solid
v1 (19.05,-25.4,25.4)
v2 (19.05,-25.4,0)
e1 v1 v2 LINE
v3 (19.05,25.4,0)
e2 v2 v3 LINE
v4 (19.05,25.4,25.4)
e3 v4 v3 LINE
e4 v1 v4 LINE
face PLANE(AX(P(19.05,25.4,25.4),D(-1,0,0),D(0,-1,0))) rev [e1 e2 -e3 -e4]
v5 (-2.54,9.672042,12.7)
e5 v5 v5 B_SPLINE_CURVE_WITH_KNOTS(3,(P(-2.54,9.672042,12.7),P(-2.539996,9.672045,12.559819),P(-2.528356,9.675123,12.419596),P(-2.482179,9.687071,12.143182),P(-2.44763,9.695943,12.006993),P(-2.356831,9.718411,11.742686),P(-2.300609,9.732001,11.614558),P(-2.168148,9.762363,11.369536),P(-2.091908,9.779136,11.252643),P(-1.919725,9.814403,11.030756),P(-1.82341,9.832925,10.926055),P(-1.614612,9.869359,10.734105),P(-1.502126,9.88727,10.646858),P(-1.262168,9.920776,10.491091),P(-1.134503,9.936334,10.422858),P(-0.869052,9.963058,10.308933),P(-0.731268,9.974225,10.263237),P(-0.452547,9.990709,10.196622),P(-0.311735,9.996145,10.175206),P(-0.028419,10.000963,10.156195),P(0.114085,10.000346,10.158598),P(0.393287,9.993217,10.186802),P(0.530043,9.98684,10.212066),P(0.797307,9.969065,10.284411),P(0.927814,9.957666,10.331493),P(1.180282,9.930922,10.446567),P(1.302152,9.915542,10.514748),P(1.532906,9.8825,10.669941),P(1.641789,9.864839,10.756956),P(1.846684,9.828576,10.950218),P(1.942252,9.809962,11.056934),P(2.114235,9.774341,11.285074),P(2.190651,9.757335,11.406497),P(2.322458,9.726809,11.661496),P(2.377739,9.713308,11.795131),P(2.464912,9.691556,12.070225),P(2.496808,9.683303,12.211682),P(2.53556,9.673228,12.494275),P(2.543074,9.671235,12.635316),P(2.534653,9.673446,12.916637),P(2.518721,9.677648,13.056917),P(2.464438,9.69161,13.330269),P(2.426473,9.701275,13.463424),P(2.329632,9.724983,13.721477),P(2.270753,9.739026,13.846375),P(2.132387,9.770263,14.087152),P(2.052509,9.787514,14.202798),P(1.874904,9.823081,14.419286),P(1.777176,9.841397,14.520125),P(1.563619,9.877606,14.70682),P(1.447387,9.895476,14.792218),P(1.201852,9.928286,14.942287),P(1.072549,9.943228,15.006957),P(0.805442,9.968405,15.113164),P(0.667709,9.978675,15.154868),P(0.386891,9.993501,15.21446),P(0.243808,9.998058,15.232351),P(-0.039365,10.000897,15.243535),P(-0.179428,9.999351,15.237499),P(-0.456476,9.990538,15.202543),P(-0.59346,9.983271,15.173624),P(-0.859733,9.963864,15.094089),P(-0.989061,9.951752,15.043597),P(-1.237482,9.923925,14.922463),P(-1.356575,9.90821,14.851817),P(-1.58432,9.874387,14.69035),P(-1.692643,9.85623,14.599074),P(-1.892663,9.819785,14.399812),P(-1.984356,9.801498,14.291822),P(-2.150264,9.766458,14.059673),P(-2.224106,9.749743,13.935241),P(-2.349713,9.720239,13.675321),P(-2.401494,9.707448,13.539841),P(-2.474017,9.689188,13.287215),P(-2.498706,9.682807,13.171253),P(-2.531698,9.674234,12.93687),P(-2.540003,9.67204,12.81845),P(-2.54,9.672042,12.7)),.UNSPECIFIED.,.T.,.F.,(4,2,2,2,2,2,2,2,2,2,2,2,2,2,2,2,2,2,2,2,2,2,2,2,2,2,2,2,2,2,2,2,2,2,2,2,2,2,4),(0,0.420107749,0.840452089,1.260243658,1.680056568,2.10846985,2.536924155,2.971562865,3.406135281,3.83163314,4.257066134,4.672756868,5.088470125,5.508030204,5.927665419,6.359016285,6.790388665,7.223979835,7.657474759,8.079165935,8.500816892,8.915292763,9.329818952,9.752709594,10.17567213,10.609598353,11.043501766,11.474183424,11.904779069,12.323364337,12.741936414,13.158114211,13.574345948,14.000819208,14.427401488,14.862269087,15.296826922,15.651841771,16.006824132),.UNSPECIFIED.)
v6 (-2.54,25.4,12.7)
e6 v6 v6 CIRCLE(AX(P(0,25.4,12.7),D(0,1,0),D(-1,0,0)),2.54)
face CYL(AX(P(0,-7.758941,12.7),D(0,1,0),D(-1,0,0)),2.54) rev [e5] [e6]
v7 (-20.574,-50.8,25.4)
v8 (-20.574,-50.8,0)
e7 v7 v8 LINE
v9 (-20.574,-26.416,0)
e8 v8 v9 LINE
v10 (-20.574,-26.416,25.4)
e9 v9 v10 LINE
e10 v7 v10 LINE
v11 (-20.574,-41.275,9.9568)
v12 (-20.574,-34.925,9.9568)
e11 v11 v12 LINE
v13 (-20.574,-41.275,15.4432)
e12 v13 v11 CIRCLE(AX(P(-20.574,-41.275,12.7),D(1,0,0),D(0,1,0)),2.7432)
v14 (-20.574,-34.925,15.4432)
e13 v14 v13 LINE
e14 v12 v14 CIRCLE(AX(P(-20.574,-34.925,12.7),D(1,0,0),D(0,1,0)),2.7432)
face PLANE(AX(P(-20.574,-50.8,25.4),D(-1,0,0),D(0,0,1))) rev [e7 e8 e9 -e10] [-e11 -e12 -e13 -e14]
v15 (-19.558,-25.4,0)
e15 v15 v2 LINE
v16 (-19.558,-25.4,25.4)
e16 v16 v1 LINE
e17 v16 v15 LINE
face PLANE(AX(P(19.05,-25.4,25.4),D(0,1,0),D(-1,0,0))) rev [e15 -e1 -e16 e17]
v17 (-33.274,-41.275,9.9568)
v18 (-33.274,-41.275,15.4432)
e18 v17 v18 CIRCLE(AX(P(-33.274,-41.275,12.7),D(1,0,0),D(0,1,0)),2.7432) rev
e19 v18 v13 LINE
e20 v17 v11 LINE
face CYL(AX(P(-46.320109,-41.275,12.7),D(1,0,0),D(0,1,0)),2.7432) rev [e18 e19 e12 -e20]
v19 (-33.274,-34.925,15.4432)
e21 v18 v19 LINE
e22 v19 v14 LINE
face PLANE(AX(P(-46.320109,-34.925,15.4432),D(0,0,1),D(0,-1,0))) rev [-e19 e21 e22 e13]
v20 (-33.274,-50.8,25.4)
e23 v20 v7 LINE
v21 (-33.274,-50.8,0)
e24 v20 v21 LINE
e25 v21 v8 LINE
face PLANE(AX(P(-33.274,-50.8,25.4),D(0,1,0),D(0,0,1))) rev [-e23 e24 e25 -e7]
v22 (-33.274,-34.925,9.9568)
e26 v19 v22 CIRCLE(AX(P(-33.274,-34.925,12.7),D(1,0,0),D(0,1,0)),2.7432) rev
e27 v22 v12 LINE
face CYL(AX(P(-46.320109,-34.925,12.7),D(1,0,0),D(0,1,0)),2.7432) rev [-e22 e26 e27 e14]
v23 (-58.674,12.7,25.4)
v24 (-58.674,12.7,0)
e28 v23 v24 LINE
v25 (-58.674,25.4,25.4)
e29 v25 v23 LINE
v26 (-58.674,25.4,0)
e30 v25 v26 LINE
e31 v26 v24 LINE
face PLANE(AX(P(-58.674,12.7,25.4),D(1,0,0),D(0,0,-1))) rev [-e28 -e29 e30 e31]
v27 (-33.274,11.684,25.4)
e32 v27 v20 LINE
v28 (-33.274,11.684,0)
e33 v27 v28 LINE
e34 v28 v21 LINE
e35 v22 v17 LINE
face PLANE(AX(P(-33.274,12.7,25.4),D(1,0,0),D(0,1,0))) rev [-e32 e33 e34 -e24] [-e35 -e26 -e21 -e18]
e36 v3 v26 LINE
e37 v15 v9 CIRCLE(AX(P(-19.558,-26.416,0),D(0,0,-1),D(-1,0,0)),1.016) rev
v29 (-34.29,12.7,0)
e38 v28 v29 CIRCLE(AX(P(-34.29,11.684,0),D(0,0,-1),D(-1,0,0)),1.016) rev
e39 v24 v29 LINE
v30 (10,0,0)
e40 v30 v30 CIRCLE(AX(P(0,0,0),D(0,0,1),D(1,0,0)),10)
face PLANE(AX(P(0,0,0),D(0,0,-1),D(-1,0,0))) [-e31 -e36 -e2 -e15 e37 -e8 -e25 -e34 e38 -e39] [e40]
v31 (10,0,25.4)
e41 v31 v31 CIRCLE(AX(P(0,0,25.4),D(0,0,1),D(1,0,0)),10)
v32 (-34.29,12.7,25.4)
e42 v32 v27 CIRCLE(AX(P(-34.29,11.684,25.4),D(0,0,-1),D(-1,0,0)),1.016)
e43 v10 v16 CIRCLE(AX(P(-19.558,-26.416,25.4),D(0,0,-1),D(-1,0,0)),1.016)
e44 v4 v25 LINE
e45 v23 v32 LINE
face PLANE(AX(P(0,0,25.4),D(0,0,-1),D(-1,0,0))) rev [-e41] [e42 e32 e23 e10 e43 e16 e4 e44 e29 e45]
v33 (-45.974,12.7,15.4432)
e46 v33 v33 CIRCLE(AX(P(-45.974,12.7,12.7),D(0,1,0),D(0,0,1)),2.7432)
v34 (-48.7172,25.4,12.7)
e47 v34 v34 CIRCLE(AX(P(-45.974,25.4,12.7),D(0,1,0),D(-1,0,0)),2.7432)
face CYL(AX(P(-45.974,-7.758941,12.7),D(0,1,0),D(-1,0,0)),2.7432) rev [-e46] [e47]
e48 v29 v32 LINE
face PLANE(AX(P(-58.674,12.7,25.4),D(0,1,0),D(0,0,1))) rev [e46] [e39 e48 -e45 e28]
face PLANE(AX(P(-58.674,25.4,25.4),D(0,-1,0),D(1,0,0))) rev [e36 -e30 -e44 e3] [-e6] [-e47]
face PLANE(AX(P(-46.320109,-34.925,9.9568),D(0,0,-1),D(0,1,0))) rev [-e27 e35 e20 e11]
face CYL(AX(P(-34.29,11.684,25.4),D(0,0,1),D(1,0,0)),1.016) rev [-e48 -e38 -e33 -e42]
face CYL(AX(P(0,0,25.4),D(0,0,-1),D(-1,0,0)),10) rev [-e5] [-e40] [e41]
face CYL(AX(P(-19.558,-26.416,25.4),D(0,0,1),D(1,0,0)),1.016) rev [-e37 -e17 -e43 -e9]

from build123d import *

# Parameters (mm, degrees)
SKETCH1_R           = 10
BOSS_EXTRUDE1_DEPTH = 25.4
CUT_EXTRUDE1_REACH  = 101.47
SKETCH2_R           = 2.7432
SKETCH2_R_2         = 2.54
CUT_EXTRUDE2_DEPTH  = 12.7
FILLET1_R           = 1.016


with BuildPart() as part:
    # Sketch1 → Boss-Extrude1 (new body)
    with BuildSketch(Plane.XY):
        Polygon((-58.674, 12.7), (-33.274, 12.7), (-33.274, -50.8), (-20.574, -50.8), (-20.574, -25.4), (19.05, -25.4), (19.05, 25.4), (-58.674, 25.4), align=None)
        Circle(SKETCH1_R, mode=Mode.SUBTRACT)
    extrude(amount=BOSS_EXTRUDE1_DEPTH)

    # Sketch2 → Cut-Extrude1 (cut, up to next)
    with BuildSketch(Plane(origin=(0, 25.4, 0), x_dir=(1, 0, 0), z_dir=(0, 1, 0)), mode=Mode.PRIVATE) as cut_extrude1_sk1:
        with Locations(Location((-45.974, -12.7, 0), (0, 0, 180))):
            Circle(SKETCH2_R)
    cut_extrude1_tool1 = extrude(cut_extrude1_sk1.sketch, amount=-CUT_EXTRUDE1_REACH, mode=Mode.PRIVATE) & part.part
    # Sketch2 → Cut-Extrude1 (cut, up to next)
    with BuildSketch(Plane(origin=(0, 25.4, 0), x_dir=(1, 0, 0), z_dir=(0, 1, 0)), mode=Mode.PRIVATE) as cut_extrude1_sk2:
        with Locations(Location((0, -12.7, 0), (0, 0, 180))):
            Circle(SKETCH2_R_2)
    cut_extrude1_tool2 = extrude(cut_extrude1_sk2.sketch, amount=-CUT_EXTRUDE1_REACH, mode=Mode.PRIVATE) & part.part
    add(cut_extrude1_tool1.solids().sort_by_distance((-45.974, 25.4, 12.7))[0], mode=Mode.SUBTRACT)
    add(cut_extrude1_tool2.solids().sort_by_distance((0, 25.4, 12.7))[0], mode=Mode.SUBTRACT)

    # Sketch3 → Cut-Extrude2 (cut)
    with BuildSketch(Plane(origin=(-20.574, 0, 0), x_dir=(0, 0, -1), z_dir=(1, 0, 0))):
        with BuildLine():
            Line((-9.9568, -34.925), (-9.9568, -41.275))
            ThreePointArc((-9.9568, -41.275), (-12.7, -44.0182), (-15.4432, -41.275))
            Line((-15.4432, -41.275), (-15.4432, -34.925))
            ThreePointArc((-15.4432, -34.925), (-12.7, -32.1818), (-9.9568, -34.925))
        make_face()
    extrude(amount=-CUT_EXTRUDE2_DEPTH, mode=Mode.SUBTRACT)

    # Fillet1
    fillet1_edges = [part.edges().sort_by_distance(p)[0] for p in [
        (-20.574, -25.4, 12.7),
        (-33.274, 12.7, 12.7),
    ]]
    fillet(fillet1_edges, radius=FILLET1_R)


solid = part.part
